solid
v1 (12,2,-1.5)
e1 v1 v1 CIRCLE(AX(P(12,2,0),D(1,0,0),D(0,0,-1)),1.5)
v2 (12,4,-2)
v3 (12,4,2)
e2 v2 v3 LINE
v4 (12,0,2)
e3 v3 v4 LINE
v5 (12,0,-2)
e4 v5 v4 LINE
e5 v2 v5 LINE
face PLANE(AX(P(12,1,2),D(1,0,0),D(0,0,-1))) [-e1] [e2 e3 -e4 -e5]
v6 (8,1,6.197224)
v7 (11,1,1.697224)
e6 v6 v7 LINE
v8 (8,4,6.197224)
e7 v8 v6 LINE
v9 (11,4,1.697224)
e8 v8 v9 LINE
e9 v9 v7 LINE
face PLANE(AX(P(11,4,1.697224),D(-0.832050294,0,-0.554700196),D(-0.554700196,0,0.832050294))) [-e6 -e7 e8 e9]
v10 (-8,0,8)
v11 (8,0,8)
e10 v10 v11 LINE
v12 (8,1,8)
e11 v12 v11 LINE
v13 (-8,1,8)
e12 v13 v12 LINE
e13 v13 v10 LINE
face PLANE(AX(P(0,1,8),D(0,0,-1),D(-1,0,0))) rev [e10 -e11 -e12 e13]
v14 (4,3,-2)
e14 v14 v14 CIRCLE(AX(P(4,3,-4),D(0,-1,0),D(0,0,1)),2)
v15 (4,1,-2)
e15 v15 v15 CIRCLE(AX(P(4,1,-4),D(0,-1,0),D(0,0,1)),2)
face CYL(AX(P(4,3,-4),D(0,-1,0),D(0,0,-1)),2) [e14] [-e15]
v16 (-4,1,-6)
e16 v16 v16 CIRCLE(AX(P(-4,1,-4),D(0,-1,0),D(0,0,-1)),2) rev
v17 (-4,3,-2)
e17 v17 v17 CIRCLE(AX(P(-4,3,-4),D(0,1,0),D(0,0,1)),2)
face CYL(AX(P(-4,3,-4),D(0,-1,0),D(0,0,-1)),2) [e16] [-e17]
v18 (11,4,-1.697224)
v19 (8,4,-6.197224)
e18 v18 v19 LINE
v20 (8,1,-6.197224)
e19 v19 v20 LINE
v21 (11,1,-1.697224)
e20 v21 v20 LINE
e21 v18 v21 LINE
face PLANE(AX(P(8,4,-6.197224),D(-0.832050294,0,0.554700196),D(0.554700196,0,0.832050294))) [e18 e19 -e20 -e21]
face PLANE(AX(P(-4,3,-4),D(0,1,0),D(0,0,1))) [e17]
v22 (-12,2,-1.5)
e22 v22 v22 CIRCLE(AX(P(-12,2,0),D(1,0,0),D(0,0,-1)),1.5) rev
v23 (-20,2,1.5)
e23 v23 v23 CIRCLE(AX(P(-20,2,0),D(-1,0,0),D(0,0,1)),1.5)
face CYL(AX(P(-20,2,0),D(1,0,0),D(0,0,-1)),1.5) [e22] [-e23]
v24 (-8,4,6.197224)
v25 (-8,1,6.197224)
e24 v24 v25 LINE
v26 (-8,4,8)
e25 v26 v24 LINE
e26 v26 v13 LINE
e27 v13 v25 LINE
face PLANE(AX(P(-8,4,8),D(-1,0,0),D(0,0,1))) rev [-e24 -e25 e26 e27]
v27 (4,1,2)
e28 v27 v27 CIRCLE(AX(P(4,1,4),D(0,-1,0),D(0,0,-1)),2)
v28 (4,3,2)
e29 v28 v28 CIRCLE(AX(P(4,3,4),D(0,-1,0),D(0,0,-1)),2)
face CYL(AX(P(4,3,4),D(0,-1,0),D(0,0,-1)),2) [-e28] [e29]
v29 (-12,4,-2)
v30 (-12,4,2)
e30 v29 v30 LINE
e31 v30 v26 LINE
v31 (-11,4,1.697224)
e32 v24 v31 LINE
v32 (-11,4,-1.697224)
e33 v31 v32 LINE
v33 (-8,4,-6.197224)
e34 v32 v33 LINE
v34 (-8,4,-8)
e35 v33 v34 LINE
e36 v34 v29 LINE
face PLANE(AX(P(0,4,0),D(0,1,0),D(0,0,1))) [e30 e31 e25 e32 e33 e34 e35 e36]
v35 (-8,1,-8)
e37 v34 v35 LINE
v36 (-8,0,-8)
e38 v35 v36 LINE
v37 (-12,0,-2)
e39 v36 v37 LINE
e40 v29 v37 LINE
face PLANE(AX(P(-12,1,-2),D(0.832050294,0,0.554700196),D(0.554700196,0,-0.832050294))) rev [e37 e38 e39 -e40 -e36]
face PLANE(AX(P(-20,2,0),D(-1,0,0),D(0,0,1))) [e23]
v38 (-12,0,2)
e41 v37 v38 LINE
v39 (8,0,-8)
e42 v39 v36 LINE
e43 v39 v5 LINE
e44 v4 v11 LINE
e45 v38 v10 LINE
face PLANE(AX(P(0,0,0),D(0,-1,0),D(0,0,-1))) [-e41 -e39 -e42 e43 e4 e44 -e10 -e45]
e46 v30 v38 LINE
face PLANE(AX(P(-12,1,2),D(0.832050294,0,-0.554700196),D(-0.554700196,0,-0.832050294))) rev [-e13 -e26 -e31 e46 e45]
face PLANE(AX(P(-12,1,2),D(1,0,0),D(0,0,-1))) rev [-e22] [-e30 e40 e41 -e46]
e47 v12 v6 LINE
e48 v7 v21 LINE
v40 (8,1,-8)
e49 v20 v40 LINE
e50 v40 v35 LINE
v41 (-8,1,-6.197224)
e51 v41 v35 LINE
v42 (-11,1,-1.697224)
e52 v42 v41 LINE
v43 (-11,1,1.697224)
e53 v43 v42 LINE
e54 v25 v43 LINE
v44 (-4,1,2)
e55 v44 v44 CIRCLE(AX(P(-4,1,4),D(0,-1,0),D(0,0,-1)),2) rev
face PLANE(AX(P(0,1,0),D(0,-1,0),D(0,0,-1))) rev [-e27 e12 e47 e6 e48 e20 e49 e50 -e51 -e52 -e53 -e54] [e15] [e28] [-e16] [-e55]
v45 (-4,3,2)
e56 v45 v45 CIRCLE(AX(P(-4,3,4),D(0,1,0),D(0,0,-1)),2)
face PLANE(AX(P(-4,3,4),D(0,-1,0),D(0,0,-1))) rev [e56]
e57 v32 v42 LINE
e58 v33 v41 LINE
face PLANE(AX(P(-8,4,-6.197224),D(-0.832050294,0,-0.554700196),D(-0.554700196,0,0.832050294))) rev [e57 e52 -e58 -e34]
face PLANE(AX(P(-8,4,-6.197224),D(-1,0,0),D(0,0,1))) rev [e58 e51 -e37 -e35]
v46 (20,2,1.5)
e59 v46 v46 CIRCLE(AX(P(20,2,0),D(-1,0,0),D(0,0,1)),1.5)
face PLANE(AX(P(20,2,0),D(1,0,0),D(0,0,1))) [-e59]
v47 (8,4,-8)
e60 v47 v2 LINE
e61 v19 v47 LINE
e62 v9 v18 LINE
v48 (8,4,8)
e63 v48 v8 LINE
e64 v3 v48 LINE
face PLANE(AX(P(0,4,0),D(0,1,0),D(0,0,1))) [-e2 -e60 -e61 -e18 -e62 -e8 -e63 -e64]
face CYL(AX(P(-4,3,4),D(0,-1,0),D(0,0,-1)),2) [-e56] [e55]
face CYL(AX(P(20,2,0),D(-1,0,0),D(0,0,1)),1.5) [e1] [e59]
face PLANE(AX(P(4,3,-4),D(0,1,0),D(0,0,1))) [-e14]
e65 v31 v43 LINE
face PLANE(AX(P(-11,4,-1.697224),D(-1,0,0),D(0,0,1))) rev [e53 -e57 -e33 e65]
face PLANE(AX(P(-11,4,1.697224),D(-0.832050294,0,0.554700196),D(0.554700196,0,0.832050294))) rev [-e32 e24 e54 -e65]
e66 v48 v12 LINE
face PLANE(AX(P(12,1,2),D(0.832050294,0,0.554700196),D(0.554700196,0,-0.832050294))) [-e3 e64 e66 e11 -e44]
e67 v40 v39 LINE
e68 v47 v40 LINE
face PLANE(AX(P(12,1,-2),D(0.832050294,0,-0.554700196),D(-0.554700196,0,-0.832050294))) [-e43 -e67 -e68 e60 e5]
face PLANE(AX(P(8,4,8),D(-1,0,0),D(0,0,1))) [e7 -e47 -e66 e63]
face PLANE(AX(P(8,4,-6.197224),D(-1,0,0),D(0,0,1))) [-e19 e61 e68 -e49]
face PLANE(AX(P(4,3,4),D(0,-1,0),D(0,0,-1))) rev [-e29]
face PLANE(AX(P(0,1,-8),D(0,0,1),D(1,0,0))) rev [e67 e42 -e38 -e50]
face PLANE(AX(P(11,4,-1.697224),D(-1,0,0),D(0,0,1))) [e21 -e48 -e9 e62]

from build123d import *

# Parameters (mm, degrees)
BOSS_EXTRUDE1_DEPTH = 1
SKETCH2_R           = 2
BOSS_EXTRUDE2_DEPTH = 2
BOSS_EXTRUDE3_DEPTH = 3
SKETCH4_R           = 1.5
BOSS_EXTRUDE4_DEPTH = 8


with BuildPart() as part:
    # Sketch1 → Boss-Extrude1 (new body)
    with BuildSketch(Plane(origin=(0, 0, 0), x_dir=(1, 0, 0), z_dir=(0, 1, 0))):
        Polygon((0, 0), (0, 8), (-8, 8), (-12, 2), (-12, -2), (-8, -8), (0, -8), align=None)
    boss_extrude1 = extrude(amount=BOSS_EXTRUDE1_DEPTH)

    # Sketch2 → Boss-Extrude2 (add)
    with BuildSketch(Plane(origin=(0, 1, 0), x_dir=(1, 0, 0), z_dir=(0, 1, 0))):
        with Locations(Location((-4, 4, 0), (0, 0, 90))):  # turned: the seam where the file's is
            Circle(SKETCH2_R)
        with Locations(Location((-4, -4, 0), (0, 0, 90))):  # turned: the seam where the file's is
            Circle(SKETCH2_R)
    boss_extrude2 = extrude(amount=BOSS_EXTRUDE2_DEPTH)

    # Sketch3 → Boss-Extrude3 (add)
    with BuildSketch(Plane(origin=(0, 1, 0), x_dir=(1, 0, 0), z_dir=(0, 1, 0))):
        Polygon((-12, 2), (-12, -2), (-8, -8), (-8, -6.197224362), (-11, -1.697224362), (-11, 1.697224362), (-8, 6.197224362), (-8, 8), align=None)
    boss_extrude3 = extrude(amount=BOSS_EXTRUDE3_DEPTH)

    # Sketch4 → Boss-Extrude4 (add)
    with BuildSketch(Plane.ZY.offset(12)):
        with Locations(Location((0, 2, 0), (0, 0, 180))):  # turned: the seam where the file's is
            Circle(SKETCH4_R)
    boss_extrude4 = extrude(amount=BOSS_EXTRUDE4_DEPTH)

    # Mirror1: Boss-Extrude1, Boss-Extrude2, Boss-Extrude3, Boss-Extrude4 across plane
    add(boss_extrude1.mirror(Plane(origin=(0, 0, 0), x_dir=(0, 0, 1), z_dir=(1, 0, 0))))
    add(boss_extrude2.mirror(Plane(origin=(0, 0, 0), x_dir=(0, 0, 1), z_dir=(1, 0, 0))))
    add(boss_extrude3.mirror(Plane(origin=(0, 0, 0), x_dir=(0, 0, 1), z_dir=(1, 0, 0))))
    add(boss_extrude4.mirror(Plane(origin=(0, 0, 0), x_dir=(0, 0, 1), z_dir=(1, 0, 0))))


solid = part.part
